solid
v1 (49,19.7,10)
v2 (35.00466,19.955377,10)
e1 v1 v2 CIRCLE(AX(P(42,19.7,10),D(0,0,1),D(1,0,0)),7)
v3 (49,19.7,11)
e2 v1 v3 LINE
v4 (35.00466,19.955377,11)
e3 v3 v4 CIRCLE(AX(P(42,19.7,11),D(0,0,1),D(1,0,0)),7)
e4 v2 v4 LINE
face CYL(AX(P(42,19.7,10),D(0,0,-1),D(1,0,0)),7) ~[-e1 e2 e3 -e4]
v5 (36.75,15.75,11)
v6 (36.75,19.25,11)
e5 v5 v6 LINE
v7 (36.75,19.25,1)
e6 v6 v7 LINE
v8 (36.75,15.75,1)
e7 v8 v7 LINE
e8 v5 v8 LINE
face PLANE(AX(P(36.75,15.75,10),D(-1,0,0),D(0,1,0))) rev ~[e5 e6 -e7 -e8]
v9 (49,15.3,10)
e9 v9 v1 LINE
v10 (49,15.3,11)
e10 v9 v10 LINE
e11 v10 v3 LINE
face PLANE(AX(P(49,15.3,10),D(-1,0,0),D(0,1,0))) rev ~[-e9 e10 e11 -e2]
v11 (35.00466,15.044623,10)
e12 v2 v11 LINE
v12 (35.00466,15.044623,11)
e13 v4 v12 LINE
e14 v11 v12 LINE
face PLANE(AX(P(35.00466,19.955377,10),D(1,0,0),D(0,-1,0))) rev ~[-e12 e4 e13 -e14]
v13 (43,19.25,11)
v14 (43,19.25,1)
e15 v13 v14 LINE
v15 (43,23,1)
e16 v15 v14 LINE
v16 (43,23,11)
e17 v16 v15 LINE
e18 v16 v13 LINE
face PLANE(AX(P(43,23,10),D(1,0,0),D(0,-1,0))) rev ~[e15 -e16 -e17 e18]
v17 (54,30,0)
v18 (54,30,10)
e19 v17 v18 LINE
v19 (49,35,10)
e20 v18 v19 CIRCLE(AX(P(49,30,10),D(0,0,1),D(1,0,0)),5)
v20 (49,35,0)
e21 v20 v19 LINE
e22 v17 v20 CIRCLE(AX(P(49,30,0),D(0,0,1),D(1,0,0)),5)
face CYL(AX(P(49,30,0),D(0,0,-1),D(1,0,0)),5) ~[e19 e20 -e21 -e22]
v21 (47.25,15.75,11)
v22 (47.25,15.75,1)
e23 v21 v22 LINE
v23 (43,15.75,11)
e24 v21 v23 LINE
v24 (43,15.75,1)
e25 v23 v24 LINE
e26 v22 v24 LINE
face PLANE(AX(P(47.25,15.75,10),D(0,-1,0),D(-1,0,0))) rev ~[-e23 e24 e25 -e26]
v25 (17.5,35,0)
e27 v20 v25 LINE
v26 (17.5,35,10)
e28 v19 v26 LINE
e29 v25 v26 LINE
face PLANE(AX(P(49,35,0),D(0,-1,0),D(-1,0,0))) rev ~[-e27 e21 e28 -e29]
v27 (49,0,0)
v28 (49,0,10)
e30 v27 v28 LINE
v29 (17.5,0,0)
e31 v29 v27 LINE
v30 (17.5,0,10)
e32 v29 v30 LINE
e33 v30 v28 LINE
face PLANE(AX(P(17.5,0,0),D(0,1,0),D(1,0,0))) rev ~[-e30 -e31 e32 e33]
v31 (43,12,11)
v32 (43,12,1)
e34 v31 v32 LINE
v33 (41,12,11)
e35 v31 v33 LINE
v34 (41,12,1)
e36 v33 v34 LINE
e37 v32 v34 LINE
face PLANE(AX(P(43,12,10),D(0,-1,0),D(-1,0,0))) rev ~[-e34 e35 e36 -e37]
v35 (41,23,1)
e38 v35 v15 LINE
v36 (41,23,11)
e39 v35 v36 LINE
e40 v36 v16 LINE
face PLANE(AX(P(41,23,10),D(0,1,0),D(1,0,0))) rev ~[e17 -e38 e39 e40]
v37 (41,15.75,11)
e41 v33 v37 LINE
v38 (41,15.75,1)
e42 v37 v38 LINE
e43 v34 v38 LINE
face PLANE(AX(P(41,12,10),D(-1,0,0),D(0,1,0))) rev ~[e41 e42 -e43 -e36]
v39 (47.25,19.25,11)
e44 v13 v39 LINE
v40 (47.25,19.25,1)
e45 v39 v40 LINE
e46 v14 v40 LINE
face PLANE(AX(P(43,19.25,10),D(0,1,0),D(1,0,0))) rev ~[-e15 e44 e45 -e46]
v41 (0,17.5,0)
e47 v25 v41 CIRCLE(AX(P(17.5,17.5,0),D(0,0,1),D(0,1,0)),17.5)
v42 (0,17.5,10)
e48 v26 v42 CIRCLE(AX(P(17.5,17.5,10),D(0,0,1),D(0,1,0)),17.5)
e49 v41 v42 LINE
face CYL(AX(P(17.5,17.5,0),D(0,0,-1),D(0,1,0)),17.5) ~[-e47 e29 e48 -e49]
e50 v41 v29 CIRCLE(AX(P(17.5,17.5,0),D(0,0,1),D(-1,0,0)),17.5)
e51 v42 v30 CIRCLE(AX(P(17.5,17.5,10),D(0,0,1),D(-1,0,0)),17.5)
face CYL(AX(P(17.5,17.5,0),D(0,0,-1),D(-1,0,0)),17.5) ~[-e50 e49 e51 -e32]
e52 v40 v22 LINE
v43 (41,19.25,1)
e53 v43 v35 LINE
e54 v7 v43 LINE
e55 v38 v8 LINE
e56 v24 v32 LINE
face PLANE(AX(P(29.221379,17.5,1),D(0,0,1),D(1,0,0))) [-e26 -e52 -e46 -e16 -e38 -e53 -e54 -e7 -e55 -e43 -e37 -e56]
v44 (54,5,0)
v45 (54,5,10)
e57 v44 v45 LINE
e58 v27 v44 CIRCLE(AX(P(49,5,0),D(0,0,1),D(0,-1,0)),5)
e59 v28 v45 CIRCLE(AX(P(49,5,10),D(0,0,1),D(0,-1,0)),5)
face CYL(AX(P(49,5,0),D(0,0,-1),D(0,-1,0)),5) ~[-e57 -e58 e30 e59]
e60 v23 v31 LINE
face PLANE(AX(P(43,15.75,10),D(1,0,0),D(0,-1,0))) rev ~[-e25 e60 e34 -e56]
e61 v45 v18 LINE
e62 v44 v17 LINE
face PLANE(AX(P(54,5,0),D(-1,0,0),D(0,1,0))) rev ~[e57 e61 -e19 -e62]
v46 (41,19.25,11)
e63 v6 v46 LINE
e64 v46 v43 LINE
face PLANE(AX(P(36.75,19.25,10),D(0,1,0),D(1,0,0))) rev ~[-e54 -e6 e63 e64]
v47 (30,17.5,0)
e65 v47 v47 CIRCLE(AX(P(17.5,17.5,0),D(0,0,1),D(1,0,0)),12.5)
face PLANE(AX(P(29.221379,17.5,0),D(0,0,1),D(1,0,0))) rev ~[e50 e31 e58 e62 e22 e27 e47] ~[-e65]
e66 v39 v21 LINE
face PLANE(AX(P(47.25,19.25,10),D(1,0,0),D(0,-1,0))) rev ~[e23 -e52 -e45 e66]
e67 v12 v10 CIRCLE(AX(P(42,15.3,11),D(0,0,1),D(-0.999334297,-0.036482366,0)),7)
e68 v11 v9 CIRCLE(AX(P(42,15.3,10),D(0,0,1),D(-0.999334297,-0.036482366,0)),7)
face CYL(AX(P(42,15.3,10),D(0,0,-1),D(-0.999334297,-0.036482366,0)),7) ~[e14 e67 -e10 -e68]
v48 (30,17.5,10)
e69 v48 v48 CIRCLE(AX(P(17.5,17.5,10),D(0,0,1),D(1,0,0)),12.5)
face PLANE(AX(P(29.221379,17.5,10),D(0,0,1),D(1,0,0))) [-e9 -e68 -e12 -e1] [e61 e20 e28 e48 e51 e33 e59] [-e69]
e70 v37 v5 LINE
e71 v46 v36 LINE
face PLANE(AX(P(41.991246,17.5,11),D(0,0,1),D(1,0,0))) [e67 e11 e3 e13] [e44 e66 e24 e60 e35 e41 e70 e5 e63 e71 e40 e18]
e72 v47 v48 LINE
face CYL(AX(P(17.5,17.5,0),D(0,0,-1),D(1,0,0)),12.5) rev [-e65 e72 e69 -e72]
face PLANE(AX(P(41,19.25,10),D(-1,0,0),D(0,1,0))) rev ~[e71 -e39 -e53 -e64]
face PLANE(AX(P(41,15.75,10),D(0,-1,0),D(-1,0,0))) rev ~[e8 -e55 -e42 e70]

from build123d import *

# Parameters (mm, degrees)
F0_R     = 12.5
F1_DEPTH = 10
F3_DEPTH = 1
F4_DEPTH = 9


with BuildPart() as f1:
    # F0 (on Top) → F1 (new body)
    with BuildSketch(Plane.XY):
        with BuildLine():
            ThreePointArc((0, 17.5), (5.1256313292, 5.1256313292), (17.5, 0))
            Line((17.5, 0), (49, 0))
            ThreePointArc((49, 0), (52.5355339059, 1.4644660941), (54, 5))
            Line((54, 5), (54, 30))
            ThreePointArc((54, 30), (52.5355339059, 33.5355339059), (49, 35))
            Line((49, 35), (17.5, 35))
            ThreePointArc((17.5, 35), (5.1256313292, 29.8743686708), (0, 17.5))
        make_face()
        with Locations((17.5, 17.5)):
            Circle(F0_R, mode=Mode.SUBTRACT)
    extrude(amount=F1_DEPTH)

    # F2 (on face) → F3 (join)
    with BuildSketch(Plane.XY.offset(10)):
        with BuildLine():
            ThreePointArc((49, 19.7), (42.1277095354, 26.6988349227), (35.0046599215, 19.9553765589))
            Line((35.0046599215, 19.9553765589), (35.0046599215, 19.4446234411))
            Line((35.0046599215, 19.4446234411), (35.0046599215, 17.5))
            Line((35.0046599215, 17.5), (35.0046599215, 15.5553765589))
            Line((35.0046599215, 15.5553765589), (35.0046599215, 15.0446234411))
            ThreePointArc((35.0046599215, 15.0446234411), (42.1277095354, 8.3011650773), (49, 15.3))
            Line((49, 15.3), (49, 17.5))
            Line((49, 17.5), (49, 19.7))
        make_face()
        Polygon((41, 23), (43, 23), (43, 19.25), (47.25, 19.25), (47.25, 15.75), (43, 15.75), (43, 12), (41, 12), (41, 15.75), (36.75, 15.75), (36.75, 19.25), (41, 19.25), align=None, mode=Mode.SUBTRACT)
    extrude(amount=F3_DEPTH)

    # F4 (cut): a face of the model
    f4_faces = [f1.faces().sort_by_distance(p)[0] for p in [
        (42, 17.5, 10),
    ]]
    extrude(f4_faces, amount=-F4_DEPTH, mode=Mode.SUBTRACT)


solid = f1.part
